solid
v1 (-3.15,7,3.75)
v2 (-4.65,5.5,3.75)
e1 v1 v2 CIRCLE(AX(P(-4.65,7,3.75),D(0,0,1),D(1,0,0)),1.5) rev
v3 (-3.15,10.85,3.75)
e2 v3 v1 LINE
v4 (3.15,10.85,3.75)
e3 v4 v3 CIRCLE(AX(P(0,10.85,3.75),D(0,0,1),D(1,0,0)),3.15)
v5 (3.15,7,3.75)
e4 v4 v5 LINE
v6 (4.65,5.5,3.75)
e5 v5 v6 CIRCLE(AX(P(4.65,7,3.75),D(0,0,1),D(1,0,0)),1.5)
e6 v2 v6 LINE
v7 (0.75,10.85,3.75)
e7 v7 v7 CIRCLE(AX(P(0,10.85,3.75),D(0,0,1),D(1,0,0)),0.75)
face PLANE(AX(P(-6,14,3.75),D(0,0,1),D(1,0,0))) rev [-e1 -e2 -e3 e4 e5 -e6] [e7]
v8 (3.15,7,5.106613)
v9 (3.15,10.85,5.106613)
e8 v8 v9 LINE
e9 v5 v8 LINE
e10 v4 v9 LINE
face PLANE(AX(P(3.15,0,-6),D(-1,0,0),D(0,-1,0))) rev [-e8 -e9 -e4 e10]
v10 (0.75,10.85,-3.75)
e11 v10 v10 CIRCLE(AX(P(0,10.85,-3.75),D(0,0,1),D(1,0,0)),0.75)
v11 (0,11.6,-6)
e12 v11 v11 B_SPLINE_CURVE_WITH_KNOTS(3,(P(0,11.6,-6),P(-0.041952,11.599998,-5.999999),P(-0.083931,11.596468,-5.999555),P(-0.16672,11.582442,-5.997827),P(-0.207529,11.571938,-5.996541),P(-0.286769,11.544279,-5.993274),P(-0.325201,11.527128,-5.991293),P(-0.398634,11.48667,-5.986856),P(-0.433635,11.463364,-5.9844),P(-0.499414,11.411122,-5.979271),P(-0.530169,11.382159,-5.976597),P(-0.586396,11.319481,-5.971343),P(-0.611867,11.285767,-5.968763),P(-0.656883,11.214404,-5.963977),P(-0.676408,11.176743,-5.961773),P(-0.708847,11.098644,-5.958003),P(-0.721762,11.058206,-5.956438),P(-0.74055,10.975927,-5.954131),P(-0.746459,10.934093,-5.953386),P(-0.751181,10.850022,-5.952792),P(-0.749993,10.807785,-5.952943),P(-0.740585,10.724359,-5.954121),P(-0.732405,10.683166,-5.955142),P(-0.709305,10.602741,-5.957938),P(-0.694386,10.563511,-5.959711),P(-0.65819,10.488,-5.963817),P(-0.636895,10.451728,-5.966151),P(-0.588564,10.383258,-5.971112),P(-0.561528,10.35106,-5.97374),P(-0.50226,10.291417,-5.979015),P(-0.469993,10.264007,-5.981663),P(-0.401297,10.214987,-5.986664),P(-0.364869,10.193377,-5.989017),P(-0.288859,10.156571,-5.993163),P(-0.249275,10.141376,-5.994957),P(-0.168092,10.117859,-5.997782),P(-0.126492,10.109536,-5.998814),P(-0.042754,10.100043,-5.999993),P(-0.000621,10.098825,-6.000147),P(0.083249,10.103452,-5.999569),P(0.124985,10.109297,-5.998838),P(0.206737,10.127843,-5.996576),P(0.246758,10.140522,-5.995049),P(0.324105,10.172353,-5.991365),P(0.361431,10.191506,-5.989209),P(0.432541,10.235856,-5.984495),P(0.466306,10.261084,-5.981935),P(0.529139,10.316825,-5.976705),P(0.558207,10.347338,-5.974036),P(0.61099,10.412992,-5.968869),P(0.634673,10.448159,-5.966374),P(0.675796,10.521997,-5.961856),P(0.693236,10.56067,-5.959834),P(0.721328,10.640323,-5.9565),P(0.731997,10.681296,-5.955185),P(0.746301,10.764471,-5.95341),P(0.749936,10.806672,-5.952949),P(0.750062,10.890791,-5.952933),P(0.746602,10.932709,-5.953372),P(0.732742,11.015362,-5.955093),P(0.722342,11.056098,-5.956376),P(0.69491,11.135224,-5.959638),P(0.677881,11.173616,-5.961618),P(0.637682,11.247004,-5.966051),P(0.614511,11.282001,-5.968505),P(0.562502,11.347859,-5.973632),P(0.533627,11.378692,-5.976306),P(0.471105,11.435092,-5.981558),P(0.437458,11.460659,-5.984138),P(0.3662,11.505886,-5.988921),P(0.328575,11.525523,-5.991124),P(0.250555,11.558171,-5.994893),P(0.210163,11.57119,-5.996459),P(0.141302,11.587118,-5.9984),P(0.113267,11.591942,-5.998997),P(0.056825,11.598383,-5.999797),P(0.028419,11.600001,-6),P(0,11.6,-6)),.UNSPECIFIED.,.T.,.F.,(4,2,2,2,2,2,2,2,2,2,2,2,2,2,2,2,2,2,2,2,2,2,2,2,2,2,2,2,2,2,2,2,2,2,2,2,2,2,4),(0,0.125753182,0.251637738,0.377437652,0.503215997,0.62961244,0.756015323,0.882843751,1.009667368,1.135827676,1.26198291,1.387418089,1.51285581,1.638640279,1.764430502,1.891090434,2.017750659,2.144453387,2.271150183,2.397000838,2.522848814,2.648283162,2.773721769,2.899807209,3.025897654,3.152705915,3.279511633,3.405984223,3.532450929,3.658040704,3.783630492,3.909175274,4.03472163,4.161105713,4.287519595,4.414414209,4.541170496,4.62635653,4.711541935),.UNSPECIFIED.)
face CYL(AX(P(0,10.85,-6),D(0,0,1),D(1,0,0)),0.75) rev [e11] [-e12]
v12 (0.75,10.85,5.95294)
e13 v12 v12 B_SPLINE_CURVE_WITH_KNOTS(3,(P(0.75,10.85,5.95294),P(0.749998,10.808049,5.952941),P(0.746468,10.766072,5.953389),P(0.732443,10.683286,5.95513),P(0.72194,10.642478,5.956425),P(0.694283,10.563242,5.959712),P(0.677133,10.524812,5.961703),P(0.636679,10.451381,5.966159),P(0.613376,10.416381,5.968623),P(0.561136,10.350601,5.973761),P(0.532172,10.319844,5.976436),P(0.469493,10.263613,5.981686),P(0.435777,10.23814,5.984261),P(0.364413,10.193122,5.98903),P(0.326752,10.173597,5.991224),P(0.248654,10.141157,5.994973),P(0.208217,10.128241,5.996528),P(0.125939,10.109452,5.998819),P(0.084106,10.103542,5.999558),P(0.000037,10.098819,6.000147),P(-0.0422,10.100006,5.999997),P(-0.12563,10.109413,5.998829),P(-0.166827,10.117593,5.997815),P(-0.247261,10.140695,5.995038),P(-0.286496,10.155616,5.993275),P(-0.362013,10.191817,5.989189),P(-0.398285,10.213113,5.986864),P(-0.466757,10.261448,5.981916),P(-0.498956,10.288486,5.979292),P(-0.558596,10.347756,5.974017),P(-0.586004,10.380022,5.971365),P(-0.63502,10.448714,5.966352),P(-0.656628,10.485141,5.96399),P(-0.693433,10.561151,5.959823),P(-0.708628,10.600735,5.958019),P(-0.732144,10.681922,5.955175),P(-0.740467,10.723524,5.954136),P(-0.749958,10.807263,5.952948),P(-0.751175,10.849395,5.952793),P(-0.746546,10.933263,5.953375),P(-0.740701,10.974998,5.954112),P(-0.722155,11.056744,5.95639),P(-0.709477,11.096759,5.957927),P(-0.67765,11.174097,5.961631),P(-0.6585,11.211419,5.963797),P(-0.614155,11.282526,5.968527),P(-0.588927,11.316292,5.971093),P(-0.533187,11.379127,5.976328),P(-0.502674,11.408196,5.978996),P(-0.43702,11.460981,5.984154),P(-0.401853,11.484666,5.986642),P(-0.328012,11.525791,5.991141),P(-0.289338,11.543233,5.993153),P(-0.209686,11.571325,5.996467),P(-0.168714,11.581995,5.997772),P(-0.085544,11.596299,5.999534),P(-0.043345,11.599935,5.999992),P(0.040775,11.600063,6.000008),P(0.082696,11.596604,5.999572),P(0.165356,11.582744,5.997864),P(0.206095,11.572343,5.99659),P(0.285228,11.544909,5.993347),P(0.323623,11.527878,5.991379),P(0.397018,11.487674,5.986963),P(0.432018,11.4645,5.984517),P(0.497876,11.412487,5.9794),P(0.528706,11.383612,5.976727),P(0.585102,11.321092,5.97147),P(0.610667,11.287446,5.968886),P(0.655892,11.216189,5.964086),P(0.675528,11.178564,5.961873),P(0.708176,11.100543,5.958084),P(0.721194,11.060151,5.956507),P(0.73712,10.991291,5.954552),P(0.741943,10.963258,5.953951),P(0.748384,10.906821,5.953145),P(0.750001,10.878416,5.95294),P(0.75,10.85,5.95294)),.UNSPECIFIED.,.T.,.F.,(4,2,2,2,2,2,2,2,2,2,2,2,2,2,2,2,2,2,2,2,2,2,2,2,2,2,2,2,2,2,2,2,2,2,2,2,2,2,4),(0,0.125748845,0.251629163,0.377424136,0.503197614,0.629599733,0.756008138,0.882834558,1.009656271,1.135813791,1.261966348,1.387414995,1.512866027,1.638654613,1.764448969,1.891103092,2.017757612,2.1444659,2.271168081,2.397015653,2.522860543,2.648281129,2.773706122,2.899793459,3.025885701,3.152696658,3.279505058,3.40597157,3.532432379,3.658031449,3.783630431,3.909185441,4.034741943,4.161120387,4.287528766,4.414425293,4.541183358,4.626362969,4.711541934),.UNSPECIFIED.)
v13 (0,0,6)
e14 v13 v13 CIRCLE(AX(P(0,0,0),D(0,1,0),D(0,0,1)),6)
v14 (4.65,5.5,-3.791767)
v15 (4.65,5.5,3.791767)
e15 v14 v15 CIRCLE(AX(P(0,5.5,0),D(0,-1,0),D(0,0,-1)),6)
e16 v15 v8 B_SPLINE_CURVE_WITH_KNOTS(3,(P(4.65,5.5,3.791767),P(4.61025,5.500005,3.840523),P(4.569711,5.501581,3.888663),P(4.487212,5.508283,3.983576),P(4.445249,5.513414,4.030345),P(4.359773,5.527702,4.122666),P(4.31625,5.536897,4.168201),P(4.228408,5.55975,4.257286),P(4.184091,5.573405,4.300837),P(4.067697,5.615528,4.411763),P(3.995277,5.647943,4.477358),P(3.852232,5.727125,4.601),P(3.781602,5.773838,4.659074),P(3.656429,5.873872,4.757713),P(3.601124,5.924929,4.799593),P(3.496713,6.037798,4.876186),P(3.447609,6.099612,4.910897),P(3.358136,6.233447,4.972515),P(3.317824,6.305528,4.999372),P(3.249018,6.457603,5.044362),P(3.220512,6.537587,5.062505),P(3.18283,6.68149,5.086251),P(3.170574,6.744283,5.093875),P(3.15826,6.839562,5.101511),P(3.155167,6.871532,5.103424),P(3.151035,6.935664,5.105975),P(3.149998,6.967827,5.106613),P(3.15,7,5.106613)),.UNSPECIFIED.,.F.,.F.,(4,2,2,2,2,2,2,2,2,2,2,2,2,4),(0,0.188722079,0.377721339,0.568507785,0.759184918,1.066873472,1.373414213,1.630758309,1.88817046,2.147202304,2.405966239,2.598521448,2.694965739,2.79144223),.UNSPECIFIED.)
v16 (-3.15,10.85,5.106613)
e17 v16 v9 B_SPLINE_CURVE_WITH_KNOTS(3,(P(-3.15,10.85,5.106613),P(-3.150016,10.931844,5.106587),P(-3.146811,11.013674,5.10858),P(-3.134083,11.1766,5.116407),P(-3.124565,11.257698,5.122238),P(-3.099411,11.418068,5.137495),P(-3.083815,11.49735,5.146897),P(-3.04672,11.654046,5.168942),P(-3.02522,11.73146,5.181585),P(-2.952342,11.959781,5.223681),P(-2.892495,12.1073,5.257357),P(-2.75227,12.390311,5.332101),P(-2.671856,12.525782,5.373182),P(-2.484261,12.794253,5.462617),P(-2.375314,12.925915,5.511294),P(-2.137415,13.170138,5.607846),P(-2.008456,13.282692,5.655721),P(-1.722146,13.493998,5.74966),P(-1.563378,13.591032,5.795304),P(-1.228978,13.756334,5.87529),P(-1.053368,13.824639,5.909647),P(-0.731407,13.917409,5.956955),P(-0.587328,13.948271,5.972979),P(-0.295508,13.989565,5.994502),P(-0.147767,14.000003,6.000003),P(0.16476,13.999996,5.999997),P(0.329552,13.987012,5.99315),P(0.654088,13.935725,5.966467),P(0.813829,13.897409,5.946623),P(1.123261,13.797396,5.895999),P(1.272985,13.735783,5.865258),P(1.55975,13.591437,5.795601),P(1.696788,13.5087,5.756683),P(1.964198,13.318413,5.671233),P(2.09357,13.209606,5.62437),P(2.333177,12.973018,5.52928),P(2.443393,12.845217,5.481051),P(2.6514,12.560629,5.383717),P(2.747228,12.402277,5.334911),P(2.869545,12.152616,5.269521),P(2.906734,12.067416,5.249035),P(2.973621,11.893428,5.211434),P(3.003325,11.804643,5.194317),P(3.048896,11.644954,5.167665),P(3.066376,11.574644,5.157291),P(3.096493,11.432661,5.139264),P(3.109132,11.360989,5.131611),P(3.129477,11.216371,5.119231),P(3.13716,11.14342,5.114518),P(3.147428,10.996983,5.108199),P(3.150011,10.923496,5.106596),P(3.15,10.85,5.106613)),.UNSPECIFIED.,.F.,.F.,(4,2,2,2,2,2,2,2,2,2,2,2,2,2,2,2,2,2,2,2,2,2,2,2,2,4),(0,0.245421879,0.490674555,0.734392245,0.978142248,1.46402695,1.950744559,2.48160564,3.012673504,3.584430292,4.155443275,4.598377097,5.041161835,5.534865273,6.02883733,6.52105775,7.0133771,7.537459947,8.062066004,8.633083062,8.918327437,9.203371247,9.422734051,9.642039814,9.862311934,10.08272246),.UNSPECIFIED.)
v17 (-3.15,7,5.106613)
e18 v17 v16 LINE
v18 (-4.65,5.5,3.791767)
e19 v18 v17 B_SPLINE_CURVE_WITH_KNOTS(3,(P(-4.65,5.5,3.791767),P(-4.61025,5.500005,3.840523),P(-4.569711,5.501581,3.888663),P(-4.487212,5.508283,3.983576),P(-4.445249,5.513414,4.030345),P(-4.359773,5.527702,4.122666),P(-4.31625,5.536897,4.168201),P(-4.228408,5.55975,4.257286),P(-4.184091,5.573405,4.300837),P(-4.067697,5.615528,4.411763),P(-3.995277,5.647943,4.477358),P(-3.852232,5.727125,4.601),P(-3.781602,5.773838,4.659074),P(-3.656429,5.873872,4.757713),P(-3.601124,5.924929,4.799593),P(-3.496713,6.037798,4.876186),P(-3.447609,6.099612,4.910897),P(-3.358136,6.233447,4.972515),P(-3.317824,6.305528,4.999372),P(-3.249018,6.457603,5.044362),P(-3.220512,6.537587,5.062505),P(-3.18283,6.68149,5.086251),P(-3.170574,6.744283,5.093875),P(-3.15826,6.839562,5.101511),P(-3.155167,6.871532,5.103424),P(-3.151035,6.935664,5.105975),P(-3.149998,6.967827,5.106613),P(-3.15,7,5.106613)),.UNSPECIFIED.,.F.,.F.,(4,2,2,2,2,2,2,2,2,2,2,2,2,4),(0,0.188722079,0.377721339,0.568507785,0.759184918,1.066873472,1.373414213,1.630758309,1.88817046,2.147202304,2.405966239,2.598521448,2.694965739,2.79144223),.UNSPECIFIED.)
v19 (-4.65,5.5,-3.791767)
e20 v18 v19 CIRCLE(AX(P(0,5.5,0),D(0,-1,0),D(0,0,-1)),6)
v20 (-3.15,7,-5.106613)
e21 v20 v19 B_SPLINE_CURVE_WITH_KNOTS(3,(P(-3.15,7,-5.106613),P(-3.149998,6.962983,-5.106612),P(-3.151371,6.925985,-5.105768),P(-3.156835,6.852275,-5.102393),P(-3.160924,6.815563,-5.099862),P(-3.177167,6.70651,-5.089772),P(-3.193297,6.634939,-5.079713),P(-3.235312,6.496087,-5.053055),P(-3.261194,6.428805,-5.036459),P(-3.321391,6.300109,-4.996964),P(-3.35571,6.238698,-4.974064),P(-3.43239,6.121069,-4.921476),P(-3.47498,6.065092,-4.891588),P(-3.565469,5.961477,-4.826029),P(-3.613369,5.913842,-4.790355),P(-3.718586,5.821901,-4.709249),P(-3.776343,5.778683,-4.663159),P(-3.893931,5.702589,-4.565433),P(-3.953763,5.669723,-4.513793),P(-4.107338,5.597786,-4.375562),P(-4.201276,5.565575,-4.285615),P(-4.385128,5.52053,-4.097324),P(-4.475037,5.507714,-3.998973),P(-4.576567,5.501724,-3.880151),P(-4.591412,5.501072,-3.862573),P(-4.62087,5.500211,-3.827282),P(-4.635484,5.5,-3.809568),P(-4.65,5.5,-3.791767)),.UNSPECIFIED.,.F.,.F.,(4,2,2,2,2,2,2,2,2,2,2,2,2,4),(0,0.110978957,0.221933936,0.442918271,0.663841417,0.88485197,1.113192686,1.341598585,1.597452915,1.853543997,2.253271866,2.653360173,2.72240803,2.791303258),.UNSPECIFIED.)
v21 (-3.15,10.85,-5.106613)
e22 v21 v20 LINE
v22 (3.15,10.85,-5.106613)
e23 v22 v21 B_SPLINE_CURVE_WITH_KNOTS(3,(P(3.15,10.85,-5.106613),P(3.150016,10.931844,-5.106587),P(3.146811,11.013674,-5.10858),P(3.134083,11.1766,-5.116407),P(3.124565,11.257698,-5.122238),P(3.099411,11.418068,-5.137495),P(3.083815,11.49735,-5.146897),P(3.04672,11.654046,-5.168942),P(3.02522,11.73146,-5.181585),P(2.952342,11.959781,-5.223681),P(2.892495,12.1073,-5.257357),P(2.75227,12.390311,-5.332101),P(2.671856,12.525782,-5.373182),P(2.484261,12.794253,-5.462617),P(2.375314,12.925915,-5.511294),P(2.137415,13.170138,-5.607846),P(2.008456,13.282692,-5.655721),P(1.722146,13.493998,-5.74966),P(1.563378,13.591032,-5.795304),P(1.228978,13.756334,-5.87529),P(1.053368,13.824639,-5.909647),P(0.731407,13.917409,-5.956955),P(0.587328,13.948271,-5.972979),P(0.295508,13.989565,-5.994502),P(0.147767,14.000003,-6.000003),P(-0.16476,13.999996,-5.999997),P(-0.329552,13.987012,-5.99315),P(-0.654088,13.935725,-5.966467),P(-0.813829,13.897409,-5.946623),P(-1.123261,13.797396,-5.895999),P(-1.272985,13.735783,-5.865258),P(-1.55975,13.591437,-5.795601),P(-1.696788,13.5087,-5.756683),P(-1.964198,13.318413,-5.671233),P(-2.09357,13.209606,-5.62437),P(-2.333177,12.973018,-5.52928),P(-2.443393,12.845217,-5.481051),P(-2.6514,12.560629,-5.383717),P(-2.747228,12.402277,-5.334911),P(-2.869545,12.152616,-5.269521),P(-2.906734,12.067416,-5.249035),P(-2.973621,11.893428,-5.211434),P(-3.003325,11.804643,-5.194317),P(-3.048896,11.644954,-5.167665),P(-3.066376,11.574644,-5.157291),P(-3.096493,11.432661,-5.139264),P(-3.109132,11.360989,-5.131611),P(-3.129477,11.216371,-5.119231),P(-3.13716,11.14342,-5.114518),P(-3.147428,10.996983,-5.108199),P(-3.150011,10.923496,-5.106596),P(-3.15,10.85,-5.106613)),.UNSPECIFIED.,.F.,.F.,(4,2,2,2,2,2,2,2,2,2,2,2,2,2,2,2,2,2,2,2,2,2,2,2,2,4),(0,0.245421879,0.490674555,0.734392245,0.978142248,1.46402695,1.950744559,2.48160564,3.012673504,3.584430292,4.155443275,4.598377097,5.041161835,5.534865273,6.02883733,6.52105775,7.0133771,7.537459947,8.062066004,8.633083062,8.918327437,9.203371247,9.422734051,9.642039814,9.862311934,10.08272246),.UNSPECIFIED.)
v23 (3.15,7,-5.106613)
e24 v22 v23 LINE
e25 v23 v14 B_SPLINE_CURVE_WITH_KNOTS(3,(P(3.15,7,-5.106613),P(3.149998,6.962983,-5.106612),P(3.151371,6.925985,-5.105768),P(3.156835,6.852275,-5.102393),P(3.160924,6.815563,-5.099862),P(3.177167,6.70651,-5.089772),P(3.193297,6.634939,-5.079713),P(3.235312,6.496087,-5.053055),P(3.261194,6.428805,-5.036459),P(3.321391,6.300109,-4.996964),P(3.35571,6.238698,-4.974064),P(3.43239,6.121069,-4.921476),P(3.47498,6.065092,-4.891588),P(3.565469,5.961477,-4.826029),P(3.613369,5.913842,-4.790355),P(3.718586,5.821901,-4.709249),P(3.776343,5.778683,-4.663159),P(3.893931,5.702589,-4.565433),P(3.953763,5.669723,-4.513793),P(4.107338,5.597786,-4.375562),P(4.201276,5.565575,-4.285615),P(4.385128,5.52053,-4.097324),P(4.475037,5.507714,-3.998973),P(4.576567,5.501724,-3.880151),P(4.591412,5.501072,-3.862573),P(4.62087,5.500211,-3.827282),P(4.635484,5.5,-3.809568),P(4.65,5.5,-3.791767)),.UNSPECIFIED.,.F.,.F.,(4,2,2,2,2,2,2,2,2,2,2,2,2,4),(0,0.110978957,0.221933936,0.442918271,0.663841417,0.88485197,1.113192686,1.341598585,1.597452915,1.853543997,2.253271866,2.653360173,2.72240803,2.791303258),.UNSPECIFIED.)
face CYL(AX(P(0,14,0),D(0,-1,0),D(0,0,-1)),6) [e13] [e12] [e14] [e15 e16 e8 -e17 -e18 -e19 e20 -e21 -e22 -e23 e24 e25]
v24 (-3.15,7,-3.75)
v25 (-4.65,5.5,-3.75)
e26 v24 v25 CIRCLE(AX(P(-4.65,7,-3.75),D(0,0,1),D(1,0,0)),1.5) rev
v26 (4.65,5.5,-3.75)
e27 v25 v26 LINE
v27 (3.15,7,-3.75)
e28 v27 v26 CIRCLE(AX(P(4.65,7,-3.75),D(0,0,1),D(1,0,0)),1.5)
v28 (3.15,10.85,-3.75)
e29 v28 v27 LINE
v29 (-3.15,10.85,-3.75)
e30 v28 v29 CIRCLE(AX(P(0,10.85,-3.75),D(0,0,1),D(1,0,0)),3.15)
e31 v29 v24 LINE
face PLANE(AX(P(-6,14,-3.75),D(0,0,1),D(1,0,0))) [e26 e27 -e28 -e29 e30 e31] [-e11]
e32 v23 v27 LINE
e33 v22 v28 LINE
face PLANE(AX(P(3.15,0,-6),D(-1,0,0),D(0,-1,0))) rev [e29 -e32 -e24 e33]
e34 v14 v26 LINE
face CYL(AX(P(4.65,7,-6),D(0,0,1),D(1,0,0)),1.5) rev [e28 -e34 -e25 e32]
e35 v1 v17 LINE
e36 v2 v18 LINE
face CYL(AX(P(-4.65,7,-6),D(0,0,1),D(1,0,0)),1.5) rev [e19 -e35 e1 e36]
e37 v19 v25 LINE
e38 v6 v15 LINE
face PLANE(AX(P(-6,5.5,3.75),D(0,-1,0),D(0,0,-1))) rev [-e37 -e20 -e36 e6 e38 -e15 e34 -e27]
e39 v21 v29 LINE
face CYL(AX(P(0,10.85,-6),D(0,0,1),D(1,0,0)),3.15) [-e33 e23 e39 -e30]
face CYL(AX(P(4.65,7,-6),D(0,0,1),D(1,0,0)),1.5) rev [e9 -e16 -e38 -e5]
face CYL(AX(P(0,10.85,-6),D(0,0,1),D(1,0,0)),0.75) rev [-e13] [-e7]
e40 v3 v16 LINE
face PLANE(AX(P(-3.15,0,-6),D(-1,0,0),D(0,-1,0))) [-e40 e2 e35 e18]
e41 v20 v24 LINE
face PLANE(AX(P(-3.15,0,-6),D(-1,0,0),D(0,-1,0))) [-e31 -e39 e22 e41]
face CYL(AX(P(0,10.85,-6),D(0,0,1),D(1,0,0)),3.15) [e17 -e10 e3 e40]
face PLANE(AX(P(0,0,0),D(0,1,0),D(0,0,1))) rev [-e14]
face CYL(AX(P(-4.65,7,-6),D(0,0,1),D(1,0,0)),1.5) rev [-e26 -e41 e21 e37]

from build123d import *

# Parameters (mm, degrees)
SKETCH1_R               = 6
BOSS_EXTRUDE1_DEPTH     = 14
CUT_EXTRUDE1_DEPTH      = 17.370705544
CUT_EXTRUDE1_DEPTH_BACK = 17.370705544
SKETCH2_W               = 7.5
SKETCH2_H               = 8.5
CUT_EXTRUDE2_DEPTH      = 17.370705544
CUT_EXTRUDE2_DEPTH_BACK = 17.370705544
SKETCH3_R               = 0.75


with BuildPart() as part:
    # Sketch1 → Boss-Extrude1 (new body)
    with BuildSketch(Plane(origin=(0, 0, 0), x_dir=(1, 0, 0), z_dir=(0, 1, 0))):
        with Locations(Location((0, 0, 0), (0, 0, 270))):
            Circle(SKETCH1_R)
    extrude(amount=BOSS_EXTRUDE1_DEPTH)

    # Sketch2 → Cut-Extrude1 (cut, two sides: drawn at the far end of the back side and taken through both)
    with BuildSketch(Plane(origin=(0, 0, 0), x_dir=(0, 0, -1), z_dir=(1, 0, 0)).offset(-CUT_EXTRUDE1_DEPTH_BACK)):
        with Locations((0, 9.75)):
            Rectangle(SKETCH2_W, SKETCH2_H)
    extrude(amount=CUT_EXTRUDE1_DEPTH + CUT_EXTRUDE1_DEPTH_BACK, mode=Mode.SUBTRACT)

    # Sketch3 → Cut-Extrude2 (cut, two sides: drawn at the far end of the back side and taken through both)
    with BuildSketch(Plane.XY.offset(-CUT_EXTRUDE2_DEPTH_BACK)):
        with BuildLine():
            Line((-3.15, 7), (-3.15, 10.85))
            ThreePointArc((-3.15, 10.85), (-2.227386361, 13.077386361), (0, 14))
            Line((0, 14), (-4.683748499, 14))
            Line((-4.683748499, 14), (-4.683748499, 5.5))
            Line((-4.683748499, 5.5), (-4.65, 5.5))
            ThreePointArc((-4.65, 5.5), (-3.589339828, 5.939339828), (-3.15, 7))
        make_face()
        with BuildLine():
            Line((4.683748499, 14), (0, 14))
            ThreePointArc((0, 14), (2.227386361, 13.077386361), (3.15, 10.85))
            Line((3.15, 10.85), (3.15, 7))
            ThreePointArc((3.15, 7), (3.589339828, 5.939339828), (4.65, 5.5))
            Line((4.65, 5.5), (4.683748499, 5.5))
            Line((4.683748499, 5.5), (4.683748499, 14))
        make_face()
        with Locations((0, 10.85)):
            Circle(SKETCH3_R)
    extrude(amount=CUT_EXTRUDE2_DEPTH + CUT_EXTRUDE2_DEPTH_BACK, mode=Mode.SUBTRACT)


solid = part.part
